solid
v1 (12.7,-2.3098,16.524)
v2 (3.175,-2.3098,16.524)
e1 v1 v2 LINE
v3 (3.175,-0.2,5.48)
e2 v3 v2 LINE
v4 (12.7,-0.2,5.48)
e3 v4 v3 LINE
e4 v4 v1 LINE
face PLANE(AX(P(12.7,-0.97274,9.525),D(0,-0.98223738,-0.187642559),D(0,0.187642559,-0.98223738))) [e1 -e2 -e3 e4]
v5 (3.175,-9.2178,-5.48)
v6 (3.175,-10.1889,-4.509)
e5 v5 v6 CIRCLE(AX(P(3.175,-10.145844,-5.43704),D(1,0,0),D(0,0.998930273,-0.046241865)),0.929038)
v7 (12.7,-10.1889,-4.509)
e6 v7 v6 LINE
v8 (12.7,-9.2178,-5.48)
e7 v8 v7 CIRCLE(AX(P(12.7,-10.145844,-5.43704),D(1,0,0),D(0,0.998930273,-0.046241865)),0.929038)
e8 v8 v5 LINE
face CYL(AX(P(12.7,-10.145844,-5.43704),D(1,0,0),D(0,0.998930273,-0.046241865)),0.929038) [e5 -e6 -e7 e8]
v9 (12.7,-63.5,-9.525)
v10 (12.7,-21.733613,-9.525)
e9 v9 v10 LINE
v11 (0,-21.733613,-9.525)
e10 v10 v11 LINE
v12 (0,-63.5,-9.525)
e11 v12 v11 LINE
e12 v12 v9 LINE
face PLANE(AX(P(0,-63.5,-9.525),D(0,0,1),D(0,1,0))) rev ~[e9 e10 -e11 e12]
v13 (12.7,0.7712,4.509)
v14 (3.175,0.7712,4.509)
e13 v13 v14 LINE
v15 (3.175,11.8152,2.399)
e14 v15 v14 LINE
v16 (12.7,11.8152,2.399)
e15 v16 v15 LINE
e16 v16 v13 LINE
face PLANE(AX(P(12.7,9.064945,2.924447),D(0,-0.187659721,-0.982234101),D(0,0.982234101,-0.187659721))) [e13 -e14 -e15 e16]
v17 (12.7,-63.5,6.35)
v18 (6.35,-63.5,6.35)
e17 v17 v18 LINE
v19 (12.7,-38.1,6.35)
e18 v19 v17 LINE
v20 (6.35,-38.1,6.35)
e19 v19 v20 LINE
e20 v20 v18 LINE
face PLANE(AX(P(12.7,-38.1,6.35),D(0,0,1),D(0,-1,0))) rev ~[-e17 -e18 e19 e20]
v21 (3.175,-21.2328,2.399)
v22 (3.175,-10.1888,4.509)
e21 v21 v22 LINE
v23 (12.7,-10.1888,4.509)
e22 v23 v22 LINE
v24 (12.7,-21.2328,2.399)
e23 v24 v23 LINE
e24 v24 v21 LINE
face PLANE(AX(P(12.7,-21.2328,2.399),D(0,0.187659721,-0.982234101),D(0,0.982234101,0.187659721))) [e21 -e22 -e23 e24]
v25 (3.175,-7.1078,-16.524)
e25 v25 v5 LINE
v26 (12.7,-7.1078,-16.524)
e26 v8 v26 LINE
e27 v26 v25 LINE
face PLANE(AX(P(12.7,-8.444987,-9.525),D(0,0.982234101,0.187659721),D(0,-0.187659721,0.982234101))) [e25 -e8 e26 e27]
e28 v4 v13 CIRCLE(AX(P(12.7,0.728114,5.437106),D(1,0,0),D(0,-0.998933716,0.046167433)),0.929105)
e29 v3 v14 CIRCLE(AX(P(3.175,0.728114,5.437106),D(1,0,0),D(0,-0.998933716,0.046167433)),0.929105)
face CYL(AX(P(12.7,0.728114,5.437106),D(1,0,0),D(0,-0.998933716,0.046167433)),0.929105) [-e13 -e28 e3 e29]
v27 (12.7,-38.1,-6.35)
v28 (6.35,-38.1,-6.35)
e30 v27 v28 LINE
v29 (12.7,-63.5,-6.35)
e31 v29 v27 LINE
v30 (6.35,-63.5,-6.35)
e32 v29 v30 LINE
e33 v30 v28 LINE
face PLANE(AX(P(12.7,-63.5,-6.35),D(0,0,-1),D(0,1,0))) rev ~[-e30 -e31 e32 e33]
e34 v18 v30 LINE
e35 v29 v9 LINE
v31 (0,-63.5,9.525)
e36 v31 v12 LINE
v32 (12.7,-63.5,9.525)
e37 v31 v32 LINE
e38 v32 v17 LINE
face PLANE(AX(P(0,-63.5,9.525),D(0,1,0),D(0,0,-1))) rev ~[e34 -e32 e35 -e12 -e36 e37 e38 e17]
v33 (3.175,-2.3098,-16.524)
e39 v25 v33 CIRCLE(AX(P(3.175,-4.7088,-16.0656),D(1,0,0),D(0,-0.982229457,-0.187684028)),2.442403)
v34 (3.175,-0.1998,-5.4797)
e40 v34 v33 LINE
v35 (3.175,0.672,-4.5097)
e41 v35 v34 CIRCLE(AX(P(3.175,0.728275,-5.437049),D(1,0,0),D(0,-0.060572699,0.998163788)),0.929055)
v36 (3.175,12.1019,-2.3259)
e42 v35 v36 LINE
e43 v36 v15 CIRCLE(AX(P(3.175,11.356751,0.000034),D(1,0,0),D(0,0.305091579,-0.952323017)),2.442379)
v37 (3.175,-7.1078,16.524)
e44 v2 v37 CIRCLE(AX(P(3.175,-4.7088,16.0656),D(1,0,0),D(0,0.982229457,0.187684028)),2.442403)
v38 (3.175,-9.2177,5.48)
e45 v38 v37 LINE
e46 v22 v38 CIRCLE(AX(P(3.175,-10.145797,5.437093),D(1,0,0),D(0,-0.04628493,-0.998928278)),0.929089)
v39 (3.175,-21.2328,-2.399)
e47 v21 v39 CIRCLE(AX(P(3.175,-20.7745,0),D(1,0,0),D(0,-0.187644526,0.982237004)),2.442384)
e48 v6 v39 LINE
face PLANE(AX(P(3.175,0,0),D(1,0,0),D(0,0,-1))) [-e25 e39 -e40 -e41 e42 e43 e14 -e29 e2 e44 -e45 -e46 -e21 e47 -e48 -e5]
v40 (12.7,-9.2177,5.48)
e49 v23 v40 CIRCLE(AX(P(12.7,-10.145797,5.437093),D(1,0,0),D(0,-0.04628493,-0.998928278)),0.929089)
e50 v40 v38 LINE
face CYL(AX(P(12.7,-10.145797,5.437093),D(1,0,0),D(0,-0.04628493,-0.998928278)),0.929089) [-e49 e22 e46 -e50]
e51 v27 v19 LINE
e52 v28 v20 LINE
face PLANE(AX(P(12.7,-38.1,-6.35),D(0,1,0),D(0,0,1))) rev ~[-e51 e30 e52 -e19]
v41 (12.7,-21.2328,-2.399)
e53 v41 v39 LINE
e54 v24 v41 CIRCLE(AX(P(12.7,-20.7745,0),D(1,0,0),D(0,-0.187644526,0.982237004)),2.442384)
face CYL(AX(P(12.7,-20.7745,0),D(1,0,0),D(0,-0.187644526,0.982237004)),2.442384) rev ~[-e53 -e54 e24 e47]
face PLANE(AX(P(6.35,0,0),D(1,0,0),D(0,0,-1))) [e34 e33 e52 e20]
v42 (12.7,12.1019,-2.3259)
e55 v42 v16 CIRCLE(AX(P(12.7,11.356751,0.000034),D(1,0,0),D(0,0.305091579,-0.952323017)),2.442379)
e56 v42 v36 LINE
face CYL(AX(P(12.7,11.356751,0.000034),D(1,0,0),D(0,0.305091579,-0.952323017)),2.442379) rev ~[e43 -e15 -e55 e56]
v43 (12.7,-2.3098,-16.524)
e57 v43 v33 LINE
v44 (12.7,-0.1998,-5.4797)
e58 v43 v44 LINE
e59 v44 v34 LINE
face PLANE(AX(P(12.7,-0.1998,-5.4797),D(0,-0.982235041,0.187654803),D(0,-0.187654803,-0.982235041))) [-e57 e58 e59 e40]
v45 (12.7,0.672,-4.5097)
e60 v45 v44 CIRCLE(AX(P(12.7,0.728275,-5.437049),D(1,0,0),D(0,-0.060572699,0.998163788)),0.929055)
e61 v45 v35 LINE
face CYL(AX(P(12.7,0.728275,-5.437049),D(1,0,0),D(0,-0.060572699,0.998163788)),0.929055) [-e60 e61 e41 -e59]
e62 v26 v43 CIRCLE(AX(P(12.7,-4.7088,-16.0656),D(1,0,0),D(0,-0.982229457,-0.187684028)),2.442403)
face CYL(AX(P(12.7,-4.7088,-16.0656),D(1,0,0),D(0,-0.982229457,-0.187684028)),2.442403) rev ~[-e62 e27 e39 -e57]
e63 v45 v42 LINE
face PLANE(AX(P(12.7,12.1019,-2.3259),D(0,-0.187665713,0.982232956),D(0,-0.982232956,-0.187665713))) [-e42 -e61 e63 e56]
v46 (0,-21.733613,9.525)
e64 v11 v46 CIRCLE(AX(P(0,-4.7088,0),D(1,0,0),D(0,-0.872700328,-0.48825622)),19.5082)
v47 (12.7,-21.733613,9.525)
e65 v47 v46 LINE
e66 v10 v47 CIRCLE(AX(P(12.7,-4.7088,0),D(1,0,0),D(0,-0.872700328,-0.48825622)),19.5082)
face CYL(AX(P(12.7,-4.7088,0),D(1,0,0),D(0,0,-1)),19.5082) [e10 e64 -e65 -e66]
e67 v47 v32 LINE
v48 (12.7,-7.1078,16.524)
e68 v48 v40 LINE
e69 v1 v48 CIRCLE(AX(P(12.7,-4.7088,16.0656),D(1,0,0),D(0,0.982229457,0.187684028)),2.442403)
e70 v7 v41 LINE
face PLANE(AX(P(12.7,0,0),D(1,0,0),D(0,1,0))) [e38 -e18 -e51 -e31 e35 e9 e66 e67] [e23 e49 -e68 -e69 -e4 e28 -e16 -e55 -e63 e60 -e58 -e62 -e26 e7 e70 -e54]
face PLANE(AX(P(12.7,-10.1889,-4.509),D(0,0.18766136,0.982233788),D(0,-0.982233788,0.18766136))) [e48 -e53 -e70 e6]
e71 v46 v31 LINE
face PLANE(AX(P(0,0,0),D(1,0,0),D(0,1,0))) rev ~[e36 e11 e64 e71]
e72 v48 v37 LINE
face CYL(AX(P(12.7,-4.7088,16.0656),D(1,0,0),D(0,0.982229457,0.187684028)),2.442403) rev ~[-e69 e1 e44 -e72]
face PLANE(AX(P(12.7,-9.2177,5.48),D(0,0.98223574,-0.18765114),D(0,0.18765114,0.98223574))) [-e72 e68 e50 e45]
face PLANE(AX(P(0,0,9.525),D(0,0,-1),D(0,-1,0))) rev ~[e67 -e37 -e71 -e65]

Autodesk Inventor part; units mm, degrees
ref_plane "YZ Plane" through (0, 0, 0) normal (1, 0, 0) x (0, 1, 0)
ref_plane "XZ Plane" through (0, 0, 0) normal (0, 1, 0) x (-1, 0, 0)
ref_plane "XY Plane" through (0, 0, 0) normal (0, 0, 1) x (1, 0, 0)
sketch "Sketch1" plane through (0, 0, 0) normal (1, 0, 0) x (0, 1, 0)
  line L0 (0, 9.525) -> (-63.5, 9.525)
  line L1 (-63.5, 9.525) -> (-63.5, -9.525)
  line L2 (-63.5, -9.525) -> (0, -9.525)
  line L3 (0, -9.525) -> (0, 9.525)
  arc A0 (0, -9.525) -> (0, 9.525) centre (0, 0) ccw
  dimension "d0" = 19.05
  dimension "d1" = 63.5
extrude "Extrusion1" add sketch "Sketch1" along normal blind 12.7
sketch "Sketch3" plane through (12.7, 0, 0) normal (1, 0, 0) x (0, 0, -1)
  line L0 (-9.525, 0) -> (-9.525, -63.5) projected
  line L1 (-9.525, -63.5) -> (9.525, -63.5) projected
  line L2 (9.525, -63.5) -> (9.525, 0) projected
  arc A0 (9.525, 0) -> (-9.525, 0) centre (0, 0) ccw projected
  line L3 (-6.35, -63.5) -> (6.35, -63.5)
  line L4 (6.35, -63.5) -> (6.35, -38.1)
  line L5 (6.35, -38.1) -> (-6.35, -38.1)
  line L6 (-6.35, -38.1) -> (-6.35, -63.5)
  point P0 (0, -63.5)
  dimension "d18" = 12.7
  dimension "d19" = 6.35
  dimension "d20" = 25.4
extrude "Extrusion3" cut sketch "Sketch3" against normal blind 6.35 contours L6 L5 L4 L1
sketch "Sketch4" plane through (12.7, 0, 0) normal (1, 0, 0) x (0, 0, -1)
  line L0 (-6.35, -63.5) -> (-6.35, -38.1) projected
  line L1 (-6.35, -38.1) -> (6.35, -38.1) projected
  line L2 (6.35, -38.1) -> (6.35, -63.5) projected
  line L3 (6.35, -63.5) -> (9.525, -63.5) projected
  line L4 (9.525, -63.5) -> (9.525, 0) projected
  arc A0 (9.525, 0) -> (-9.525, 0) centre (0, 0) ccw projected
  line L5 (-9.525, 0) -> (-9.525, -63.5) projected
  line L6 (-9.525, -63.5) -> (-6.35, -63.5) projected
  circle A1 centre (0, 0) radius 9.525
  line L7 (-14.2875, 12.7) -> (12.7, 12.7)
  line L8 (12.7, 12.7) -> (12.7, -4.7625)
  line L9 (12.7, -4.7625) -> (-14.2875, -4.7625)
  line L10 (-14.2875, -4.7625) -> (-14.2875, 12.7)
  point P0 (-8.2489, -4.7625)
  point P1 (-9.525, 0)
  point P2 (9.525, 0)
  point P3 (8.2489, -4.7625)
  dimension "d28" = 19.05
extrude "Extrusion4" [suppressed]
sketch "Sketch5" plane through (12.7, 0, 0) normal (1, 0, 0) x (0, 0, -1)
  arc A0 (1.8331, 11.9745) -> (-1.9, 11.7198) centre (0, 11.3568) ccw
  line L0 (-1.9, 11.7198) -> (-4, 0.7283)
  arc A1 (-5.4371, -0.709) -> (-4, 0.7283) centre (-5.4371, 0.7281) ccw
  line L1 (-5.4371, -0.709) -> (-16.4286, -2.8088)
  arc A2 (-16.4286, -2.8088) -> (-16.4286, -6.6088) centre (-16.0656, -4.7088) ccw
  line L2 (-16.4286, -6.6088) -> (-5.4371, -8.7087)
  arc A3 (-4, -10.146) -> (-5.4371, -8.7087) centre (-5.4371, -10.1458) ccw
  line L3 (-4, -10.146) -> (-1.9, -21.1375)
  arc A4 (-1.9, -21.1375) -> (1.9, -21.1375) centre (0, -20.7745) ccw
  line L4 (1.9, -21.1375) -> (4, -10.146)
  arc A5 (5.4371, -8.7088) -> (4, -10.146) centre (5.4371, -10.146) ccw
  line L5 (5.4371, -8.7088) -> (16.4286, -6.6088)
  arc A6 (16.4286, -6.6088) -> (16.4286, -2.8088) centre (16.0656, -4.7088) ccw
  line L6 (16.4286, -2.8088) -> (5.4367, -0.7088)
  arc A7 (4.0053, 0.6052) -> (5.4367, -0.7088) centre (5.4371, 0.7283) ccw
  line L7 (4.0053, 0.6052) -> (1.8331, 11.9745)
  line L8 (-6.35, -63.5) -> (-6.35, -38.1) projected
  line L9 (-6.35, -38.1) -> (6.35, -38.1) projected
  line L10 (6.35, -38.1) -> (6.35, -63.5) projected
  line L11 (6.35, -63.5) -> (9.525, -63.5) projected
  line L12 (9.525, -63.5) -> (9.525, 0) projected
  arc A8 (9.525, 0) -> (-9.525, 0) centre (0, 0) ccw projected
  line L13 (-9.525, 0) -> (-9.525, -63.5) projected
  line L14 (-9.525, -63.5) -> (-6.35, -63.5) projected
  line L15 (-4.509, 0.7712) -> (-2.399, 11.8152)
  arc A9 (2.3259, 12.1019) -> (-2.399, 11.8152) centre (0, 11.3568) ccw
  line L16 (2.3259, 12.1019) -> (4.5097, 0.672)
  arc A10 (4.5097, 0.672) -> (5.4797, -0.1998) centre (5.4371, 0.7283) ccw
  line L17 (5.4797, -0.1998) -> (16.524, -2.3098)
  arc A11 (16.524, -7.1078) -> (16.524, -2.3098) centre (16.0656, -4.7088) ccw
  line L18 (16.524, -7.1078) -> (5.48, -9.2178)
  arc A12 (5.48, -9.2178) -> (4.509, -10.1889) centre (5.4371, -10.146) ccw
  line L19 (4.509, -10.1889) -> (2.399, -21.2328)
  arc A13 (-2.399, -21.2328) -> (2.399, -21.2328) centre (0, -20.7745) ccw
  line L20 (-2.399, -21.2328) -> (-4.509, -10.1888)
  arc A14 (-4.509, -10.1888) -> (-5.48, -9.2177) centre (-5.4371, -10.1458) ccw
  line L21 (-5.48, -9.2177) -> (-16.524, -7.1078)
  arc A15 (-16.524, -2.3098) -> (-16.524, -7.1078) centre (-16.0656, -4.7088) ccw
  line L22 (-16.524, -2.3098) -> (-5.48, -0.2)
  arc A16 (-5.48, -0.2) -> (-4.509, 0.7712) centre (-5.4371, 0.7281) ccw
  circle A17 centre (0, -4.7088) radius 19.5082
  point P0 (2.905, 9.0712)
  point P1 (9.525, -0.9727)
  point P2 (9.525, -8.445)
  point P3 (9.525, -21.7336)
  point P4 (-9.525, -21.7336)
  point P5 (-9.525, -8.4449)
  point P6 (-9.525, -0.9728)
  point P7 (-2.9244, 9.065)
  dimension "d29" = 0
  dimension "d30" = 0.508
extrude "Extrusion5" add sketch "Sketch5" against normal up to surface (12.7 mm away) contours L7 A8 L0 A0 | A0 L0 A8 L15 A9 L16 L7 | A8 L16 A10 L17 L12 L6 A7 L7 | L7 A7 L6 L12 L5 A5 L4 A4 L3 A3 L2 L13 L1 A1 L0 A8 | L0 A1 L1 L13 L22 A16 L15 A8 | L16 A9 L15 A8 L13 L22 A15 L21 A17 L12 L18 A11 L17 | L12 L17 A11 L18 L5 A6 L6 | L6 A6 L5 L12 | L13 L2 A2 L1 | L1 A2 L2 L13 L21 A15 L22 | L12 L18 A12 L19 A13 L20 A14 L21 L13 L2 A3 L3 A4 L4 A5 L5
extrude "Extrusion6" cut sketch "Sketch5" against normal blind 9.525 contours L7 A8 L0 A0 | A0 L0 A8 L15 A9 L16 L7 | A8 L16 A10 L17 L12 L6 A7 L7 | L7 A7 L6 L12 L5 A5 L4 A4 L3 A3 L2 L13 L1 A1 L0 A8 | L0 A1 L1 L13 L22 A16 L15 A8 | L12 L17 A11 L18 L5 A6 L6 | L6 A6 L5 L12 | L13 L2 A2 L1 | L1 A2 L2 L13 L21 A15 L22 | L12 L18 A12 L19 A13 L20 A14 L21 L13 L2 A3 L3 A4 L4 A5 L5
equation "\"d19\" = 0.5 * d18"
properties part number "Part_3_hand"
